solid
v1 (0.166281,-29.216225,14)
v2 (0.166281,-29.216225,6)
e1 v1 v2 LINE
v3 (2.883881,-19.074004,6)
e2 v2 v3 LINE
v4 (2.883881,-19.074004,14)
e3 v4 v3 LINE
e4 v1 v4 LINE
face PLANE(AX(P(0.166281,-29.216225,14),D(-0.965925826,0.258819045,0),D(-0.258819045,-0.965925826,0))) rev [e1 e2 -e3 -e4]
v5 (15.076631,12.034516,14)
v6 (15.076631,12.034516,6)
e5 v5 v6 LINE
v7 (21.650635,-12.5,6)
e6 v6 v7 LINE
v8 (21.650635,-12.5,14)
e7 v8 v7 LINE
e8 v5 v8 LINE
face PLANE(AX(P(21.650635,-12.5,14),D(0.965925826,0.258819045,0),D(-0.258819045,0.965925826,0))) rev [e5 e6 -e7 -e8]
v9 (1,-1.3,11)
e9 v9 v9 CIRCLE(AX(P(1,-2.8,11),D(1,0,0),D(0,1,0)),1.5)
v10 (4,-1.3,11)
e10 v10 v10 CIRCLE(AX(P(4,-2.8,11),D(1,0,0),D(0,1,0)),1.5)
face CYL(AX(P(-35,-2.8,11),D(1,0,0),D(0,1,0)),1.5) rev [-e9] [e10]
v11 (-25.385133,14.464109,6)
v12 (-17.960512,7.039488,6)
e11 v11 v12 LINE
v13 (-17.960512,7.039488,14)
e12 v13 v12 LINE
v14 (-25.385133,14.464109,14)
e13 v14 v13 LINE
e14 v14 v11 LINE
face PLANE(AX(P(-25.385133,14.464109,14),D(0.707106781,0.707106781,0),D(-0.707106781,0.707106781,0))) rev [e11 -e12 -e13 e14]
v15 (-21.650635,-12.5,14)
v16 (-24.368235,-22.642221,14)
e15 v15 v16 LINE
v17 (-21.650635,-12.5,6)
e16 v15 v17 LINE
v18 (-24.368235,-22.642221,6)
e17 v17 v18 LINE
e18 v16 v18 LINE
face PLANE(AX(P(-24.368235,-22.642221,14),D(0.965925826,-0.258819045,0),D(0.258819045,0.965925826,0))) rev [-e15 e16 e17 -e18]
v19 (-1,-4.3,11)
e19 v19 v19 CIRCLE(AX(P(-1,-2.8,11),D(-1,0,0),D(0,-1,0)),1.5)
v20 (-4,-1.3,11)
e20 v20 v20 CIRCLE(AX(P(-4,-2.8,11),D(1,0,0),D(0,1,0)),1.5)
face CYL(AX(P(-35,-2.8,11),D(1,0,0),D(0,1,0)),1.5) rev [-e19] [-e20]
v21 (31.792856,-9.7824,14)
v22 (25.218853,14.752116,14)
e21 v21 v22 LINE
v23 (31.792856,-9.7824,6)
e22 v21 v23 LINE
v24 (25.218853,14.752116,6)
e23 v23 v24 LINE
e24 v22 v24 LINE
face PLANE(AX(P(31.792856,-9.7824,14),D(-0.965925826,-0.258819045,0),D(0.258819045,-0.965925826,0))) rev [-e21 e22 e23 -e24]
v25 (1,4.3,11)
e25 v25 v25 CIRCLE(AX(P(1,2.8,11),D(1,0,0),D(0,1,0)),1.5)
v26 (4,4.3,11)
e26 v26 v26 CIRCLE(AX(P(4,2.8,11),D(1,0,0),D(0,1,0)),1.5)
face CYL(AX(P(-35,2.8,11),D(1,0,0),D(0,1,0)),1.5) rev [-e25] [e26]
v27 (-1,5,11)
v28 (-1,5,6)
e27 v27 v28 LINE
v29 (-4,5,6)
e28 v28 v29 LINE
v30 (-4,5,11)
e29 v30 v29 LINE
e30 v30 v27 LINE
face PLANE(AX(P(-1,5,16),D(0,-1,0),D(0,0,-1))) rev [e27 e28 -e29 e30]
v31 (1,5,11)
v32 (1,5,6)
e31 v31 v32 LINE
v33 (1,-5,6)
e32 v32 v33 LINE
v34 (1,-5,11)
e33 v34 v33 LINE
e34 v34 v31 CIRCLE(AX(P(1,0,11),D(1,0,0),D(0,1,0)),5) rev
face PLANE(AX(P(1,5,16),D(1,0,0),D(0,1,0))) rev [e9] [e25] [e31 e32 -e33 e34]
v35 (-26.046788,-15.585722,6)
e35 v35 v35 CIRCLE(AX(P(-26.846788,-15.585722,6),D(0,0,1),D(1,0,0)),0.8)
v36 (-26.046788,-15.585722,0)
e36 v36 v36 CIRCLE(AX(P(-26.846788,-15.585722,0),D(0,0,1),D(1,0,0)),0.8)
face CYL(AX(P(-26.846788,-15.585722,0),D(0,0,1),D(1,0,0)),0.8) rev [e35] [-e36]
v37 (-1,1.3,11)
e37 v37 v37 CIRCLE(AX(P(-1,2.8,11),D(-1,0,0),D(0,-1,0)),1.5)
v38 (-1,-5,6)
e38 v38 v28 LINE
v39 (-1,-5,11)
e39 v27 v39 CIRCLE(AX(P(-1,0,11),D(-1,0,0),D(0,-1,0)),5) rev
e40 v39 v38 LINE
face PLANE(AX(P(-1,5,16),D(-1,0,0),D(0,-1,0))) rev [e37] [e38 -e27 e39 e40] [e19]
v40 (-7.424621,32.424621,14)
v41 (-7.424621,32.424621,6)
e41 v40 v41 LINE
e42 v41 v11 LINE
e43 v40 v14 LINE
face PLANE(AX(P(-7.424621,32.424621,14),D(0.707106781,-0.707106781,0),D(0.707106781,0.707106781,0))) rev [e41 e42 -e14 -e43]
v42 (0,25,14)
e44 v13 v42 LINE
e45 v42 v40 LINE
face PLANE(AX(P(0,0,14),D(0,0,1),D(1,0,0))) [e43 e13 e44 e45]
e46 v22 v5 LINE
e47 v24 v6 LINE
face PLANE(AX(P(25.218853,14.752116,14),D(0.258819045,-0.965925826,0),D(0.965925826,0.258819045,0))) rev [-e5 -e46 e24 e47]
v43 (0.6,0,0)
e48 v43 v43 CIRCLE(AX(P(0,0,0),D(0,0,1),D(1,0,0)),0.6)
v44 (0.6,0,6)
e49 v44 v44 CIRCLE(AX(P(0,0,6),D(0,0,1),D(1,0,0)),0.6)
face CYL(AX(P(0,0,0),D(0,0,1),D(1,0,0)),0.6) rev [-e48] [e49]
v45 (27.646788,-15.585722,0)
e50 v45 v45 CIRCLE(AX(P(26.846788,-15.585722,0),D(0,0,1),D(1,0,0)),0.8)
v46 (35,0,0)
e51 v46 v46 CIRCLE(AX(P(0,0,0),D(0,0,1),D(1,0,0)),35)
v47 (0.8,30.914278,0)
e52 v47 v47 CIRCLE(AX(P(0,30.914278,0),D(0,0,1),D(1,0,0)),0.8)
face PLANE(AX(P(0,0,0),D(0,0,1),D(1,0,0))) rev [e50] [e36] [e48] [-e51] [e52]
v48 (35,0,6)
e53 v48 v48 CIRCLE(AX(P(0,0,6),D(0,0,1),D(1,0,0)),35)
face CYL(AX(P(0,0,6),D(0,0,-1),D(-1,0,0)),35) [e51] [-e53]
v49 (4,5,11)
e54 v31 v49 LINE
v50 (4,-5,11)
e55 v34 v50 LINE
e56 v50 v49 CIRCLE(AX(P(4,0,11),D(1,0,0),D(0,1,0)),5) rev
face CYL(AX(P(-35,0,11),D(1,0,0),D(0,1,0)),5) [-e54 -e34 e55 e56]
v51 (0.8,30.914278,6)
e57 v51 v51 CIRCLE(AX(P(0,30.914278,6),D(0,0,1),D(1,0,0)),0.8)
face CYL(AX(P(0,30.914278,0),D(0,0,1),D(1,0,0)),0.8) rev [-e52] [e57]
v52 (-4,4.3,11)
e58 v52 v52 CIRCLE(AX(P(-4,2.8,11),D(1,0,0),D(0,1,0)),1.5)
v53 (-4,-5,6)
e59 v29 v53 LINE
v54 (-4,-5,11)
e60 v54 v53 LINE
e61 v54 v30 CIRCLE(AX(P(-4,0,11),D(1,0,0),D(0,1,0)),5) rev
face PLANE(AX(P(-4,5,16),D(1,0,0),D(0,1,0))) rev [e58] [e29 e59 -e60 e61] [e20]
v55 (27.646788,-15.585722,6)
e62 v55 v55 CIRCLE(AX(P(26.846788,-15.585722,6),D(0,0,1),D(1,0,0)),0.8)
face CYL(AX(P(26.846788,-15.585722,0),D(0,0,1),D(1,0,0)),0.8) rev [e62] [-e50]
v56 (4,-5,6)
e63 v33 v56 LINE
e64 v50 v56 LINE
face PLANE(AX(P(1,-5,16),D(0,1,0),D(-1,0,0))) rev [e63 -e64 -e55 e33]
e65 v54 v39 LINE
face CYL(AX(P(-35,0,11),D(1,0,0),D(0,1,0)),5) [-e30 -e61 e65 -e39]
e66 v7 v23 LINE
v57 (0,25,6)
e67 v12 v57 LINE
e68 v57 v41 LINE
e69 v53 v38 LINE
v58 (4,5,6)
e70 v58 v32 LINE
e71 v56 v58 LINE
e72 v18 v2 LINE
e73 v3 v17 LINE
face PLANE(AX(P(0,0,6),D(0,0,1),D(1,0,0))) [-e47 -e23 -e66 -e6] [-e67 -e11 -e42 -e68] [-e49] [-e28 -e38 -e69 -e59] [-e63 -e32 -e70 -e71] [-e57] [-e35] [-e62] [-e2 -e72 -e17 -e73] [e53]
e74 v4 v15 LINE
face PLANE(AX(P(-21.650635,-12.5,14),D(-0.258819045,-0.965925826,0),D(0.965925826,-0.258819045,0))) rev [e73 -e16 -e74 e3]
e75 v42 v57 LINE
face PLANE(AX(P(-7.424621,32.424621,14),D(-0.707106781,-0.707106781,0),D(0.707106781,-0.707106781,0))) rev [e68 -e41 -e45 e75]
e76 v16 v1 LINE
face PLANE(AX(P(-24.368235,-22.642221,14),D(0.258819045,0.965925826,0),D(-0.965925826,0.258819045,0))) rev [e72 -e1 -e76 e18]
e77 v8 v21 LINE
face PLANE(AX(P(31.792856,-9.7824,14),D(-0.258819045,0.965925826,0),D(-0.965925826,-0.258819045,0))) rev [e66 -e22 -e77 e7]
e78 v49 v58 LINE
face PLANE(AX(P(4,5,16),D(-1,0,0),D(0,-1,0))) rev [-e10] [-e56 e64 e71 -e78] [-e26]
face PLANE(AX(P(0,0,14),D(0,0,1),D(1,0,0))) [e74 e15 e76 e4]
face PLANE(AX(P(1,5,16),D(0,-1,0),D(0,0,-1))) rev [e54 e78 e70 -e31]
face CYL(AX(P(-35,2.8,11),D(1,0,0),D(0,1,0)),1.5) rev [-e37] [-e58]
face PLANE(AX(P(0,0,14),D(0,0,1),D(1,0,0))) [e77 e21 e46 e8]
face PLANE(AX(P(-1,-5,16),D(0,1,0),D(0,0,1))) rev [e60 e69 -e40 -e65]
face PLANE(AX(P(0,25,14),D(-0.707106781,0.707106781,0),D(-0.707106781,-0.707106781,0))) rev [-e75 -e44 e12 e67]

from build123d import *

# Parameters (mm, degrees)
SKETCH2_R           = 35
BOSS_EXTRUDE1_DEPTH = 6
SKETCH3_R           = 0.8
CUT_EXTRUDE1_DEPTH  = 6
SKETCH4_R           = 0.6
CUT_EXTRUDE2_DEPTH  = 6
SKETCH5_W           = 3
SKETCH5_H           = 10
BOSS_EXTRUDE2_DEPTH = 10
CUT_EXTRUDE3_DEPTH  = 55.790510127
SKETCH7_R           = 1.5
CUT_EXTRUDE4_DEPTH  = 55.790510127
BOSS_EXTRUDE3_DEPTH = 8


with BuildPart() as part:
    # Sketch2 → Boss-Extrude1 (new body)
    with BuildSketch(Plane.XY):
        Circle(SKETCH2_R)
    extrude(amount=BOSS_EXTRUDE1_DEPTH)

    # Sketch3 → Cut-Extrude1 (cut)
    with BuildSketch(Plane.XY.offset(6)):
        with Locations((0, 30.914278185)):
            Circle(SKETCH3_R)
        with Locations((26.846787517, -15.585721815)):
            Circle(SKETCH3_R)
        with Locations((-26.846787517, -15.585721815)):
            Circle(SKETCH3_R)
    extrude(amount=-CUT_EXTRUDE1_DEPTH, mode=Mode.SUBTRACT)

    # Sketch4 → Cut-Extrude2 (cut)
    with BuildSketch(Plane.XY.offset(6)):
        Circle(SKETCH4_R)
    extrude(amount=-CUT_EXTRUDE2_DEPTH, mode=Mode.SUBTRACT)

    # Sketch5 → Boss-Extrude2 (add)
    with BuildSketch(Plane.XY.offset(6)):
        with Locations((2.5, 0)):
            Rectangle(SKETCH5_W, SKETCH5_H)
        with Locations((-2.5, 0)):
            Rectangle(SKETCH5_W, SKETCH5_H)
    extrude(amount=BOSS_EXTRUDE2_DEPTH)

    # Sketch6 → Cut-Extrude3 (cut, through all)
    with BuildSketch(Plane(origin=(4, 0, 0), x_dir=(0, 0, -1), z_dir=(1, 0, 0))):
        with BuildLine():
            ThreePointArc((-16, 0), (-14.535533906, 3.535533906), (-11, 5))
            Line((-11, 5), (-16, 5))
            Line((-16, 5), (-16, 0))
        make_face()
        with BuildLine():
            ThreePointArc((-11, -5), (-14.535533906, -3.535533906), (-16, 0))
            Line((-16, 0), (-16, -5))
            Line((-16, -5), (-11, -5))
        make_face()
    extrude(amount=-CUT_EXTRUDE3_DEPTH, mode=Mode.SUBTRACT)

    # Sketch7 → Cut-Extrude4 (cut, through all)
    with BuildSketch(Plane(origin=(4, 0, 0), x_dir=(0, 0, -1), z_dir=(1, 0, 0))):
        with Locations(Location((-11, 2.8, 0), (0, 0, 90))):
            Circle(SKETCH7_R)
        with Locations(Location((-11, -2.8, 0), (0, 0, 90))):
            Circle(SKETCH7_R)
    extrude(amount=-CUT_EXTRUDE4_DEPTH, mode=Mode.SUBTRACT)

    # Sketch8 → Boss-Extrude3 (add)
    with BuildSketch(Plane.XY.offset(6)):
        Polygon((-7.424621202, 32.424621202), (0, 25), (-17.960512242, 7.039487758), (-25.385133445, 14.46410896), align=None)
        Polygon((31.792856271, -9.782400026), (21.650635095, -12.5), (15.076631349, 12.034515988), (25.218852525, 14.752115961), align=None)
        Polygon((-24.368235068, -22.642221176), (-21.650635095, -12.5), (2.883880893, -19.074003746), (0.16628092, -29.216224922), align=None)
    extrude(amount=BOSS_EXTRUDE3_DEPTH)


solid = part.part
